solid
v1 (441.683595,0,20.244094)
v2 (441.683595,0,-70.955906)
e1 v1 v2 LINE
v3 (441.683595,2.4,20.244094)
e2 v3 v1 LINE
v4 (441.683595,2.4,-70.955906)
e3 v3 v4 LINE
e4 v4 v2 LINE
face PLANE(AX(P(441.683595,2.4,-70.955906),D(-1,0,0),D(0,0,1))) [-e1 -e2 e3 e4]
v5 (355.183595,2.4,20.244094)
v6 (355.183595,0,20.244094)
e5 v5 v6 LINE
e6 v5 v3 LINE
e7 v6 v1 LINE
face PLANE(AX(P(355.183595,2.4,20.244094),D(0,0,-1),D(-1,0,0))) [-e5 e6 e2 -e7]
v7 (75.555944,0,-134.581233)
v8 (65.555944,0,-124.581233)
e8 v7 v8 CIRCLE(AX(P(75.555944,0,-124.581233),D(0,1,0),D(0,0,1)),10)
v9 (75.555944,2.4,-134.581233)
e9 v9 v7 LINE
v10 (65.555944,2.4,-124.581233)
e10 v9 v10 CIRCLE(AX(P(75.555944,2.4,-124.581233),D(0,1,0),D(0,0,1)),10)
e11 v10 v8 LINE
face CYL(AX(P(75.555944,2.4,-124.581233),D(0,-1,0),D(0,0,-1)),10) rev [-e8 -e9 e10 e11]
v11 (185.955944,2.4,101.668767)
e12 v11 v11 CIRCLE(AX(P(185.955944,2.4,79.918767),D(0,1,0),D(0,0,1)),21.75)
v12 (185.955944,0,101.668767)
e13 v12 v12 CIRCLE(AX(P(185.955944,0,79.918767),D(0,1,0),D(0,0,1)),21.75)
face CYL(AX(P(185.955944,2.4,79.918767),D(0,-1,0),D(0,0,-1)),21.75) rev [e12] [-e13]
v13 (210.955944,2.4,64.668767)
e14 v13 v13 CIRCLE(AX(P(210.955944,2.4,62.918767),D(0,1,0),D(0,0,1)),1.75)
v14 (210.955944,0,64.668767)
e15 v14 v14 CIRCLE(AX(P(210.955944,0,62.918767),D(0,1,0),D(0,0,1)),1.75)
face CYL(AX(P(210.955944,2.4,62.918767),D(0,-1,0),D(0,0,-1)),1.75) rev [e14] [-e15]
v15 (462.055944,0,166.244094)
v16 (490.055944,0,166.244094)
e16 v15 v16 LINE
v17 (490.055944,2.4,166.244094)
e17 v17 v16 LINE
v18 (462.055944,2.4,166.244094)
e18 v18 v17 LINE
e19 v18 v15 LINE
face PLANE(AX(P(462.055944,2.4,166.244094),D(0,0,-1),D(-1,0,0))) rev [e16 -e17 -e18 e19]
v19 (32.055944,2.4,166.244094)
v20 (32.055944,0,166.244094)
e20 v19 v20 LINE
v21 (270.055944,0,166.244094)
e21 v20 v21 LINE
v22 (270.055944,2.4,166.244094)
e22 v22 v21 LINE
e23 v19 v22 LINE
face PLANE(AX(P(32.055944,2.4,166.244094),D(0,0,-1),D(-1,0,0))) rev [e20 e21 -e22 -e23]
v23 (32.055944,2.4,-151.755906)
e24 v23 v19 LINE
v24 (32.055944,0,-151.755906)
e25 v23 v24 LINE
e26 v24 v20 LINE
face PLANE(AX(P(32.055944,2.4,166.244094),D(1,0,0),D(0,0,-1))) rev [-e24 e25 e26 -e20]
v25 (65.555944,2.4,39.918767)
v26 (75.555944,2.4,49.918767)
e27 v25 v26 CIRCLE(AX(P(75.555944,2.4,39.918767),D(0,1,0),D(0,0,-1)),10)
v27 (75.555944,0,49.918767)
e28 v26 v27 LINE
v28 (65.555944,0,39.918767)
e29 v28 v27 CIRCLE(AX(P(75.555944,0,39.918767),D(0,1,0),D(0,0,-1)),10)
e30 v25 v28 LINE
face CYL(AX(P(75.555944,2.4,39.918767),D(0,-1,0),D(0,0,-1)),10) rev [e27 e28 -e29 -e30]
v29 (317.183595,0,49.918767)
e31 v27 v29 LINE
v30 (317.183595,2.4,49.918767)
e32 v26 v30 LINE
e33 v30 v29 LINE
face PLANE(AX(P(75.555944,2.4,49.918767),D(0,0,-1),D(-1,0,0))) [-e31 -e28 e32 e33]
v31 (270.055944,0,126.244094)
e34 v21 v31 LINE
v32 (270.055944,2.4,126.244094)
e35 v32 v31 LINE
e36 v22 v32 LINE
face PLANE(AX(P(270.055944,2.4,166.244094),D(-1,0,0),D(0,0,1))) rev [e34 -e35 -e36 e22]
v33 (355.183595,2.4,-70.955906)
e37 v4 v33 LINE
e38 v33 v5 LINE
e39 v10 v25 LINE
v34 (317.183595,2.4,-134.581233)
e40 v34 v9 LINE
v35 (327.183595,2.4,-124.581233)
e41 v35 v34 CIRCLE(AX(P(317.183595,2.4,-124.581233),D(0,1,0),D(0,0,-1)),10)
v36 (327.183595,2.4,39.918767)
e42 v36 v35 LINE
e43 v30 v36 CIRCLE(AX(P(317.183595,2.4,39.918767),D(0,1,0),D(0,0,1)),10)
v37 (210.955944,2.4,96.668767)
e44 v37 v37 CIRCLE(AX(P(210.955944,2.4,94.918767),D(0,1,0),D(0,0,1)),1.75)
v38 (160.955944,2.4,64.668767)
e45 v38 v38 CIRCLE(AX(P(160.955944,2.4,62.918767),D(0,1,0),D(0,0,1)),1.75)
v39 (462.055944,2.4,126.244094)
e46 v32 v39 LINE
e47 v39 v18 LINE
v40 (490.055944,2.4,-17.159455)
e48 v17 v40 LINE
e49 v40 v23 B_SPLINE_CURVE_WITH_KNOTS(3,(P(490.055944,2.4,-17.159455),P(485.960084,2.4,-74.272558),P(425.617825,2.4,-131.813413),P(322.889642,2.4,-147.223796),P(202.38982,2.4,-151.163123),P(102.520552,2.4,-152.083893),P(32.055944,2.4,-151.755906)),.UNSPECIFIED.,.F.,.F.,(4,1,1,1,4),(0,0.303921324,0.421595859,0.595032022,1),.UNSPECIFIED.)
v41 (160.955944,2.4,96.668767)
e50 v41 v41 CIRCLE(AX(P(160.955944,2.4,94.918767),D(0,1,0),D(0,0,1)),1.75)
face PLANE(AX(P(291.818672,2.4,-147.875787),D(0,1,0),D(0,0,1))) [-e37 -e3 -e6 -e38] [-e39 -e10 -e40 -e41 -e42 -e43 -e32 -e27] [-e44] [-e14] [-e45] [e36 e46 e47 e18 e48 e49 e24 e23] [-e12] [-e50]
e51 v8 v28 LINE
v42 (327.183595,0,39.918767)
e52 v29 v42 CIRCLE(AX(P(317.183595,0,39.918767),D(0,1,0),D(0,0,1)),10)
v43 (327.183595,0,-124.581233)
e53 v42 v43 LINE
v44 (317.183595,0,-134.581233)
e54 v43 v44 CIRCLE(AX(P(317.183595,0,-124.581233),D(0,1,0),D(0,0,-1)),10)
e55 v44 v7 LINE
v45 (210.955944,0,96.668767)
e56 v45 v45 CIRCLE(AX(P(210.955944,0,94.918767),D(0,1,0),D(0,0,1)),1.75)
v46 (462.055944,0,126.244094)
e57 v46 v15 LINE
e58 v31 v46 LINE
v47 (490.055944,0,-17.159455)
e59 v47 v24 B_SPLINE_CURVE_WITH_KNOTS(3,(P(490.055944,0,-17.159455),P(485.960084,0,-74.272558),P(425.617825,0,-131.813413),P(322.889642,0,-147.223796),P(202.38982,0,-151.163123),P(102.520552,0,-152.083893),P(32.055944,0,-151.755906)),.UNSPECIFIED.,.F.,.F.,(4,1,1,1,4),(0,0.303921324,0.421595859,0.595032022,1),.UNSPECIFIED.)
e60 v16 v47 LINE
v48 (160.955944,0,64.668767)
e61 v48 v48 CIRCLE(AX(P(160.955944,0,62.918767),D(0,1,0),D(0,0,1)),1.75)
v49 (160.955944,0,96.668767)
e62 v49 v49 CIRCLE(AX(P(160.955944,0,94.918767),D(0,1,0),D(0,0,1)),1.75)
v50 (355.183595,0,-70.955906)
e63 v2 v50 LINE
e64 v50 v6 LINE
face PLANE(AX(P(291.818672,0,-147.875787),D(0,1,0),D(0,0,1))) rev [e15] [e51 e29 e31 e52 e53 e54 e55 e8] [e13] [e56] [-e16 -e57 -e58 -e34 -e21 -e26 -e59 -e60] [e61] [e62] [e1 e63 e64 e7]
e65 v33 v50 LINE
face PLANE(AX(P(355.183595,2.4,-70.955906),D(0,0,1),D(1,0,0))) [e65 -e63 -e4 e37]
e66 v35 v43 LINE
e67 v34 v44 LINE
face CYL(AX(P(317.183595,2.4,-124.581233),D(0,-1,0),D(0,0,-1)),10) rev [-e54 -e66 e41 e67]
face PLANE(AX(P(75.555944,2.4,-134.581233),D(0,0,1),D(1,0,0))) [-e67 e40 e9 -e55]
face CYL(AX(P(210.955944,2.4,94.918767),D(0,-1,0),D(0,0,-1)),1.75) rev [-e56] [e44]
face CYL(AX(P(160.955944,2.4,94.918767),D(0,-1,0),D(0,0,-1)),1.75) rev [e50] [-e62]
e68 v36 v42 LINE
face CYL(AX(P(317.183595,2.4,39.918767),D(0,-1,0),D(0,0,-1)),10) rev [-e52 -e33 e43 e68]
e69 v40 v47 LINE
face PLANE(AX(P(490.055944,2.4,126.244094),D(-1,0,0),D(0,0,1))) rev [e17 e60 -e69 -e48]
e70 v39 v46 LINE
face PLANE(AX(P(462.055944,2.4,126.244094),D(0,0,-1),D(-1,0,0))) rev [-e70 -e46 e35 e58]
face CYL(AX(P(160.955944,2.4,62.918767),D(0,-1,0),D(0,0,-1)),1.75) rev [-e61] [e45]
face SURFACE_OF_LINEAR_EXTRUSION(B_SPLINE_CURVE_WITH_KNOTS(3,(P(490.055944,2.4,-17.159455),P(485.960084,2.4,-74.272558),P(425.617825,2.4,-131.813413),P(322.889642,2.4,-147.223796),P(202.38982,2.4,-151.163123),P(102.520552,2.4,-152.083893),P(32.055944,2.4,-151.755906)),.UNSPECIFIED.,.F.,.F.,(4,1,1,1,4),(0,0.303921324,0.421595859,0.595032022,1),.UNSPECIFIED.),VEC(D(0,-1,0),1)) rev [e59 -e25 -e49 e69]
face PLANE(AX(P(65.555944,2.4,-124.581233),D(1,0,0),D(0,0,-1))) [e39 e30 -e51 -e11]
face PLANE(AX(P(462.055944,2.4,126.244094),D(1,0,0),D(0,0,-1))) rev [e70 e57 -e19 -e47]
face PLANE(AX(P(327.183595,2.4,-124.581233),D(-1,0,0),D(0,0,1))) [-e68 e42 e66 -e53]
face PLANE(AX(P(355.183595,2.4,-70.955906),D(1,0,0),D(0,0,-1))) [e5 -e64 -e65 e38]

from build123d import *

# Parameters (mm, degrees)
CROQUIS3_R              = 21.75
CROQUIS3_R_2            = 1.75
CROQUIS3_W              = 86.5
CROQUIS3_H              = 91.2
SALIENTE_EXTRUIR1_DEPTH = 2.4


with BuildPart() as part:
    # Croquis3 → Saliente-Extruir1 (new body)
    with BuildSketch(Plane(origin=(0, 0, 0), x_dir=(1, 0, 0), z_dir=(0, 1, 0))):
        with BuildLine():
            Line((462.055943971, -126.244094236), (270.055943971, -126.244094236))
            Line((270.055943971, -126.244094236), (270.055943971, -166.244094236))
            Line((270.055943971, -166.244094236), (32.055943971, -166.244094236))
            Line((32.055943971, -166.244094236), (32.055943971, 151.755905764))
            add(Edge.make_bspline(
                [(32.055943971, 151.755905764), (102.52055172, 152.083892996), (202.389819544, 151.163122701), (322.889642457, 147.223796339), (425.617825051, 131.81341345), (485.96008446, 74.272558466), (490.055943971, 17.159454913)],
                knots=[0, 0, 0, 0, 0.404967978, 0.578404141, 0.696078676, 1, 1, 1, 1], degree=3))
            Line((490.055943971, 17.159454913), (490.055943971, -126.244094236))
            Line((490.055943971, -126.244094236), (490.055943971, -166.244094236))
            Line((490.055943971, -166.244094236), (462.055943971, -166.244094236))
            Line((462.055943971, -166.244094236), (462.055943971, -126.244094236))
        make_face()
        with Locations(Location((185.955943971, -79.918767417, 0), (0, 0, 270))):
            Circle(CROQUIS3_R, mode=Mode.SUBTRACT)
        with Locations(Location((160.955943971, -62.918767417, 0), (0, 0, 270))):
            Circle(CROQUIS3_R_2, mode=Mode.SUBTRACT)
        with Locations(Location((210.955943971, -62.918767417, 0), (0, 0, 270))):
            Circle(CROQUIS3_R_2, mode=Mode.SUBTRACT)
        with Locations(Location((210.955943971, -94.918767417, 0), (0, 0, 270))):
            Circle(CROQUIS3_R_2, mode=Mode.SUBTRACT)
        with Locations(Location((160.955943971, -94.918767417, 0), (0, 0, 270))):
            Circle(CROQUIS3_R_2, mode=Mode.SUBTRACT)
        with BuildLine():
            Line((75.555943971, 134.581232583), (317.183594896, 134.581232583))
            ThreePointArc((317.183594896, 134.581232583), (324.254662708, 131.652300395), (327.183594896, 124.581232583))
            Line((327.183594896, 124.581232583), (327.183594896, -39.918767417))
            ThreePointArc((327.183594896, -39.918767417), (324.254662708, -46.989835229), (317.183594896, -49.918767417))
            Line((317.183594896, -49.918767417), (75.555943971, -49.918767417))
            ThreePointArc((75.555943971, -49.918767417), (68.484876159, -46.989835229), (65.555943971, -39.918767417))
            Line((65.555943971, -39.918767417), (65.555943971, 124.581232583))
            ThreePointArc((65.555943971, 124.581232583), (68.484876159, 131.652300395), (75.555943971, 134.581232583))
        make_face(mode=Mode.SUBTRACT)
        with Locations((398.433594896, 25.355905764)):
            Rectangle(CROQUIS3_W, CROQUIS3_H, mode=Mode.SUBTRACT)
    extrude(amount=SALIENTE_EXTRUIR1_DEPTH)


solid = part.part
